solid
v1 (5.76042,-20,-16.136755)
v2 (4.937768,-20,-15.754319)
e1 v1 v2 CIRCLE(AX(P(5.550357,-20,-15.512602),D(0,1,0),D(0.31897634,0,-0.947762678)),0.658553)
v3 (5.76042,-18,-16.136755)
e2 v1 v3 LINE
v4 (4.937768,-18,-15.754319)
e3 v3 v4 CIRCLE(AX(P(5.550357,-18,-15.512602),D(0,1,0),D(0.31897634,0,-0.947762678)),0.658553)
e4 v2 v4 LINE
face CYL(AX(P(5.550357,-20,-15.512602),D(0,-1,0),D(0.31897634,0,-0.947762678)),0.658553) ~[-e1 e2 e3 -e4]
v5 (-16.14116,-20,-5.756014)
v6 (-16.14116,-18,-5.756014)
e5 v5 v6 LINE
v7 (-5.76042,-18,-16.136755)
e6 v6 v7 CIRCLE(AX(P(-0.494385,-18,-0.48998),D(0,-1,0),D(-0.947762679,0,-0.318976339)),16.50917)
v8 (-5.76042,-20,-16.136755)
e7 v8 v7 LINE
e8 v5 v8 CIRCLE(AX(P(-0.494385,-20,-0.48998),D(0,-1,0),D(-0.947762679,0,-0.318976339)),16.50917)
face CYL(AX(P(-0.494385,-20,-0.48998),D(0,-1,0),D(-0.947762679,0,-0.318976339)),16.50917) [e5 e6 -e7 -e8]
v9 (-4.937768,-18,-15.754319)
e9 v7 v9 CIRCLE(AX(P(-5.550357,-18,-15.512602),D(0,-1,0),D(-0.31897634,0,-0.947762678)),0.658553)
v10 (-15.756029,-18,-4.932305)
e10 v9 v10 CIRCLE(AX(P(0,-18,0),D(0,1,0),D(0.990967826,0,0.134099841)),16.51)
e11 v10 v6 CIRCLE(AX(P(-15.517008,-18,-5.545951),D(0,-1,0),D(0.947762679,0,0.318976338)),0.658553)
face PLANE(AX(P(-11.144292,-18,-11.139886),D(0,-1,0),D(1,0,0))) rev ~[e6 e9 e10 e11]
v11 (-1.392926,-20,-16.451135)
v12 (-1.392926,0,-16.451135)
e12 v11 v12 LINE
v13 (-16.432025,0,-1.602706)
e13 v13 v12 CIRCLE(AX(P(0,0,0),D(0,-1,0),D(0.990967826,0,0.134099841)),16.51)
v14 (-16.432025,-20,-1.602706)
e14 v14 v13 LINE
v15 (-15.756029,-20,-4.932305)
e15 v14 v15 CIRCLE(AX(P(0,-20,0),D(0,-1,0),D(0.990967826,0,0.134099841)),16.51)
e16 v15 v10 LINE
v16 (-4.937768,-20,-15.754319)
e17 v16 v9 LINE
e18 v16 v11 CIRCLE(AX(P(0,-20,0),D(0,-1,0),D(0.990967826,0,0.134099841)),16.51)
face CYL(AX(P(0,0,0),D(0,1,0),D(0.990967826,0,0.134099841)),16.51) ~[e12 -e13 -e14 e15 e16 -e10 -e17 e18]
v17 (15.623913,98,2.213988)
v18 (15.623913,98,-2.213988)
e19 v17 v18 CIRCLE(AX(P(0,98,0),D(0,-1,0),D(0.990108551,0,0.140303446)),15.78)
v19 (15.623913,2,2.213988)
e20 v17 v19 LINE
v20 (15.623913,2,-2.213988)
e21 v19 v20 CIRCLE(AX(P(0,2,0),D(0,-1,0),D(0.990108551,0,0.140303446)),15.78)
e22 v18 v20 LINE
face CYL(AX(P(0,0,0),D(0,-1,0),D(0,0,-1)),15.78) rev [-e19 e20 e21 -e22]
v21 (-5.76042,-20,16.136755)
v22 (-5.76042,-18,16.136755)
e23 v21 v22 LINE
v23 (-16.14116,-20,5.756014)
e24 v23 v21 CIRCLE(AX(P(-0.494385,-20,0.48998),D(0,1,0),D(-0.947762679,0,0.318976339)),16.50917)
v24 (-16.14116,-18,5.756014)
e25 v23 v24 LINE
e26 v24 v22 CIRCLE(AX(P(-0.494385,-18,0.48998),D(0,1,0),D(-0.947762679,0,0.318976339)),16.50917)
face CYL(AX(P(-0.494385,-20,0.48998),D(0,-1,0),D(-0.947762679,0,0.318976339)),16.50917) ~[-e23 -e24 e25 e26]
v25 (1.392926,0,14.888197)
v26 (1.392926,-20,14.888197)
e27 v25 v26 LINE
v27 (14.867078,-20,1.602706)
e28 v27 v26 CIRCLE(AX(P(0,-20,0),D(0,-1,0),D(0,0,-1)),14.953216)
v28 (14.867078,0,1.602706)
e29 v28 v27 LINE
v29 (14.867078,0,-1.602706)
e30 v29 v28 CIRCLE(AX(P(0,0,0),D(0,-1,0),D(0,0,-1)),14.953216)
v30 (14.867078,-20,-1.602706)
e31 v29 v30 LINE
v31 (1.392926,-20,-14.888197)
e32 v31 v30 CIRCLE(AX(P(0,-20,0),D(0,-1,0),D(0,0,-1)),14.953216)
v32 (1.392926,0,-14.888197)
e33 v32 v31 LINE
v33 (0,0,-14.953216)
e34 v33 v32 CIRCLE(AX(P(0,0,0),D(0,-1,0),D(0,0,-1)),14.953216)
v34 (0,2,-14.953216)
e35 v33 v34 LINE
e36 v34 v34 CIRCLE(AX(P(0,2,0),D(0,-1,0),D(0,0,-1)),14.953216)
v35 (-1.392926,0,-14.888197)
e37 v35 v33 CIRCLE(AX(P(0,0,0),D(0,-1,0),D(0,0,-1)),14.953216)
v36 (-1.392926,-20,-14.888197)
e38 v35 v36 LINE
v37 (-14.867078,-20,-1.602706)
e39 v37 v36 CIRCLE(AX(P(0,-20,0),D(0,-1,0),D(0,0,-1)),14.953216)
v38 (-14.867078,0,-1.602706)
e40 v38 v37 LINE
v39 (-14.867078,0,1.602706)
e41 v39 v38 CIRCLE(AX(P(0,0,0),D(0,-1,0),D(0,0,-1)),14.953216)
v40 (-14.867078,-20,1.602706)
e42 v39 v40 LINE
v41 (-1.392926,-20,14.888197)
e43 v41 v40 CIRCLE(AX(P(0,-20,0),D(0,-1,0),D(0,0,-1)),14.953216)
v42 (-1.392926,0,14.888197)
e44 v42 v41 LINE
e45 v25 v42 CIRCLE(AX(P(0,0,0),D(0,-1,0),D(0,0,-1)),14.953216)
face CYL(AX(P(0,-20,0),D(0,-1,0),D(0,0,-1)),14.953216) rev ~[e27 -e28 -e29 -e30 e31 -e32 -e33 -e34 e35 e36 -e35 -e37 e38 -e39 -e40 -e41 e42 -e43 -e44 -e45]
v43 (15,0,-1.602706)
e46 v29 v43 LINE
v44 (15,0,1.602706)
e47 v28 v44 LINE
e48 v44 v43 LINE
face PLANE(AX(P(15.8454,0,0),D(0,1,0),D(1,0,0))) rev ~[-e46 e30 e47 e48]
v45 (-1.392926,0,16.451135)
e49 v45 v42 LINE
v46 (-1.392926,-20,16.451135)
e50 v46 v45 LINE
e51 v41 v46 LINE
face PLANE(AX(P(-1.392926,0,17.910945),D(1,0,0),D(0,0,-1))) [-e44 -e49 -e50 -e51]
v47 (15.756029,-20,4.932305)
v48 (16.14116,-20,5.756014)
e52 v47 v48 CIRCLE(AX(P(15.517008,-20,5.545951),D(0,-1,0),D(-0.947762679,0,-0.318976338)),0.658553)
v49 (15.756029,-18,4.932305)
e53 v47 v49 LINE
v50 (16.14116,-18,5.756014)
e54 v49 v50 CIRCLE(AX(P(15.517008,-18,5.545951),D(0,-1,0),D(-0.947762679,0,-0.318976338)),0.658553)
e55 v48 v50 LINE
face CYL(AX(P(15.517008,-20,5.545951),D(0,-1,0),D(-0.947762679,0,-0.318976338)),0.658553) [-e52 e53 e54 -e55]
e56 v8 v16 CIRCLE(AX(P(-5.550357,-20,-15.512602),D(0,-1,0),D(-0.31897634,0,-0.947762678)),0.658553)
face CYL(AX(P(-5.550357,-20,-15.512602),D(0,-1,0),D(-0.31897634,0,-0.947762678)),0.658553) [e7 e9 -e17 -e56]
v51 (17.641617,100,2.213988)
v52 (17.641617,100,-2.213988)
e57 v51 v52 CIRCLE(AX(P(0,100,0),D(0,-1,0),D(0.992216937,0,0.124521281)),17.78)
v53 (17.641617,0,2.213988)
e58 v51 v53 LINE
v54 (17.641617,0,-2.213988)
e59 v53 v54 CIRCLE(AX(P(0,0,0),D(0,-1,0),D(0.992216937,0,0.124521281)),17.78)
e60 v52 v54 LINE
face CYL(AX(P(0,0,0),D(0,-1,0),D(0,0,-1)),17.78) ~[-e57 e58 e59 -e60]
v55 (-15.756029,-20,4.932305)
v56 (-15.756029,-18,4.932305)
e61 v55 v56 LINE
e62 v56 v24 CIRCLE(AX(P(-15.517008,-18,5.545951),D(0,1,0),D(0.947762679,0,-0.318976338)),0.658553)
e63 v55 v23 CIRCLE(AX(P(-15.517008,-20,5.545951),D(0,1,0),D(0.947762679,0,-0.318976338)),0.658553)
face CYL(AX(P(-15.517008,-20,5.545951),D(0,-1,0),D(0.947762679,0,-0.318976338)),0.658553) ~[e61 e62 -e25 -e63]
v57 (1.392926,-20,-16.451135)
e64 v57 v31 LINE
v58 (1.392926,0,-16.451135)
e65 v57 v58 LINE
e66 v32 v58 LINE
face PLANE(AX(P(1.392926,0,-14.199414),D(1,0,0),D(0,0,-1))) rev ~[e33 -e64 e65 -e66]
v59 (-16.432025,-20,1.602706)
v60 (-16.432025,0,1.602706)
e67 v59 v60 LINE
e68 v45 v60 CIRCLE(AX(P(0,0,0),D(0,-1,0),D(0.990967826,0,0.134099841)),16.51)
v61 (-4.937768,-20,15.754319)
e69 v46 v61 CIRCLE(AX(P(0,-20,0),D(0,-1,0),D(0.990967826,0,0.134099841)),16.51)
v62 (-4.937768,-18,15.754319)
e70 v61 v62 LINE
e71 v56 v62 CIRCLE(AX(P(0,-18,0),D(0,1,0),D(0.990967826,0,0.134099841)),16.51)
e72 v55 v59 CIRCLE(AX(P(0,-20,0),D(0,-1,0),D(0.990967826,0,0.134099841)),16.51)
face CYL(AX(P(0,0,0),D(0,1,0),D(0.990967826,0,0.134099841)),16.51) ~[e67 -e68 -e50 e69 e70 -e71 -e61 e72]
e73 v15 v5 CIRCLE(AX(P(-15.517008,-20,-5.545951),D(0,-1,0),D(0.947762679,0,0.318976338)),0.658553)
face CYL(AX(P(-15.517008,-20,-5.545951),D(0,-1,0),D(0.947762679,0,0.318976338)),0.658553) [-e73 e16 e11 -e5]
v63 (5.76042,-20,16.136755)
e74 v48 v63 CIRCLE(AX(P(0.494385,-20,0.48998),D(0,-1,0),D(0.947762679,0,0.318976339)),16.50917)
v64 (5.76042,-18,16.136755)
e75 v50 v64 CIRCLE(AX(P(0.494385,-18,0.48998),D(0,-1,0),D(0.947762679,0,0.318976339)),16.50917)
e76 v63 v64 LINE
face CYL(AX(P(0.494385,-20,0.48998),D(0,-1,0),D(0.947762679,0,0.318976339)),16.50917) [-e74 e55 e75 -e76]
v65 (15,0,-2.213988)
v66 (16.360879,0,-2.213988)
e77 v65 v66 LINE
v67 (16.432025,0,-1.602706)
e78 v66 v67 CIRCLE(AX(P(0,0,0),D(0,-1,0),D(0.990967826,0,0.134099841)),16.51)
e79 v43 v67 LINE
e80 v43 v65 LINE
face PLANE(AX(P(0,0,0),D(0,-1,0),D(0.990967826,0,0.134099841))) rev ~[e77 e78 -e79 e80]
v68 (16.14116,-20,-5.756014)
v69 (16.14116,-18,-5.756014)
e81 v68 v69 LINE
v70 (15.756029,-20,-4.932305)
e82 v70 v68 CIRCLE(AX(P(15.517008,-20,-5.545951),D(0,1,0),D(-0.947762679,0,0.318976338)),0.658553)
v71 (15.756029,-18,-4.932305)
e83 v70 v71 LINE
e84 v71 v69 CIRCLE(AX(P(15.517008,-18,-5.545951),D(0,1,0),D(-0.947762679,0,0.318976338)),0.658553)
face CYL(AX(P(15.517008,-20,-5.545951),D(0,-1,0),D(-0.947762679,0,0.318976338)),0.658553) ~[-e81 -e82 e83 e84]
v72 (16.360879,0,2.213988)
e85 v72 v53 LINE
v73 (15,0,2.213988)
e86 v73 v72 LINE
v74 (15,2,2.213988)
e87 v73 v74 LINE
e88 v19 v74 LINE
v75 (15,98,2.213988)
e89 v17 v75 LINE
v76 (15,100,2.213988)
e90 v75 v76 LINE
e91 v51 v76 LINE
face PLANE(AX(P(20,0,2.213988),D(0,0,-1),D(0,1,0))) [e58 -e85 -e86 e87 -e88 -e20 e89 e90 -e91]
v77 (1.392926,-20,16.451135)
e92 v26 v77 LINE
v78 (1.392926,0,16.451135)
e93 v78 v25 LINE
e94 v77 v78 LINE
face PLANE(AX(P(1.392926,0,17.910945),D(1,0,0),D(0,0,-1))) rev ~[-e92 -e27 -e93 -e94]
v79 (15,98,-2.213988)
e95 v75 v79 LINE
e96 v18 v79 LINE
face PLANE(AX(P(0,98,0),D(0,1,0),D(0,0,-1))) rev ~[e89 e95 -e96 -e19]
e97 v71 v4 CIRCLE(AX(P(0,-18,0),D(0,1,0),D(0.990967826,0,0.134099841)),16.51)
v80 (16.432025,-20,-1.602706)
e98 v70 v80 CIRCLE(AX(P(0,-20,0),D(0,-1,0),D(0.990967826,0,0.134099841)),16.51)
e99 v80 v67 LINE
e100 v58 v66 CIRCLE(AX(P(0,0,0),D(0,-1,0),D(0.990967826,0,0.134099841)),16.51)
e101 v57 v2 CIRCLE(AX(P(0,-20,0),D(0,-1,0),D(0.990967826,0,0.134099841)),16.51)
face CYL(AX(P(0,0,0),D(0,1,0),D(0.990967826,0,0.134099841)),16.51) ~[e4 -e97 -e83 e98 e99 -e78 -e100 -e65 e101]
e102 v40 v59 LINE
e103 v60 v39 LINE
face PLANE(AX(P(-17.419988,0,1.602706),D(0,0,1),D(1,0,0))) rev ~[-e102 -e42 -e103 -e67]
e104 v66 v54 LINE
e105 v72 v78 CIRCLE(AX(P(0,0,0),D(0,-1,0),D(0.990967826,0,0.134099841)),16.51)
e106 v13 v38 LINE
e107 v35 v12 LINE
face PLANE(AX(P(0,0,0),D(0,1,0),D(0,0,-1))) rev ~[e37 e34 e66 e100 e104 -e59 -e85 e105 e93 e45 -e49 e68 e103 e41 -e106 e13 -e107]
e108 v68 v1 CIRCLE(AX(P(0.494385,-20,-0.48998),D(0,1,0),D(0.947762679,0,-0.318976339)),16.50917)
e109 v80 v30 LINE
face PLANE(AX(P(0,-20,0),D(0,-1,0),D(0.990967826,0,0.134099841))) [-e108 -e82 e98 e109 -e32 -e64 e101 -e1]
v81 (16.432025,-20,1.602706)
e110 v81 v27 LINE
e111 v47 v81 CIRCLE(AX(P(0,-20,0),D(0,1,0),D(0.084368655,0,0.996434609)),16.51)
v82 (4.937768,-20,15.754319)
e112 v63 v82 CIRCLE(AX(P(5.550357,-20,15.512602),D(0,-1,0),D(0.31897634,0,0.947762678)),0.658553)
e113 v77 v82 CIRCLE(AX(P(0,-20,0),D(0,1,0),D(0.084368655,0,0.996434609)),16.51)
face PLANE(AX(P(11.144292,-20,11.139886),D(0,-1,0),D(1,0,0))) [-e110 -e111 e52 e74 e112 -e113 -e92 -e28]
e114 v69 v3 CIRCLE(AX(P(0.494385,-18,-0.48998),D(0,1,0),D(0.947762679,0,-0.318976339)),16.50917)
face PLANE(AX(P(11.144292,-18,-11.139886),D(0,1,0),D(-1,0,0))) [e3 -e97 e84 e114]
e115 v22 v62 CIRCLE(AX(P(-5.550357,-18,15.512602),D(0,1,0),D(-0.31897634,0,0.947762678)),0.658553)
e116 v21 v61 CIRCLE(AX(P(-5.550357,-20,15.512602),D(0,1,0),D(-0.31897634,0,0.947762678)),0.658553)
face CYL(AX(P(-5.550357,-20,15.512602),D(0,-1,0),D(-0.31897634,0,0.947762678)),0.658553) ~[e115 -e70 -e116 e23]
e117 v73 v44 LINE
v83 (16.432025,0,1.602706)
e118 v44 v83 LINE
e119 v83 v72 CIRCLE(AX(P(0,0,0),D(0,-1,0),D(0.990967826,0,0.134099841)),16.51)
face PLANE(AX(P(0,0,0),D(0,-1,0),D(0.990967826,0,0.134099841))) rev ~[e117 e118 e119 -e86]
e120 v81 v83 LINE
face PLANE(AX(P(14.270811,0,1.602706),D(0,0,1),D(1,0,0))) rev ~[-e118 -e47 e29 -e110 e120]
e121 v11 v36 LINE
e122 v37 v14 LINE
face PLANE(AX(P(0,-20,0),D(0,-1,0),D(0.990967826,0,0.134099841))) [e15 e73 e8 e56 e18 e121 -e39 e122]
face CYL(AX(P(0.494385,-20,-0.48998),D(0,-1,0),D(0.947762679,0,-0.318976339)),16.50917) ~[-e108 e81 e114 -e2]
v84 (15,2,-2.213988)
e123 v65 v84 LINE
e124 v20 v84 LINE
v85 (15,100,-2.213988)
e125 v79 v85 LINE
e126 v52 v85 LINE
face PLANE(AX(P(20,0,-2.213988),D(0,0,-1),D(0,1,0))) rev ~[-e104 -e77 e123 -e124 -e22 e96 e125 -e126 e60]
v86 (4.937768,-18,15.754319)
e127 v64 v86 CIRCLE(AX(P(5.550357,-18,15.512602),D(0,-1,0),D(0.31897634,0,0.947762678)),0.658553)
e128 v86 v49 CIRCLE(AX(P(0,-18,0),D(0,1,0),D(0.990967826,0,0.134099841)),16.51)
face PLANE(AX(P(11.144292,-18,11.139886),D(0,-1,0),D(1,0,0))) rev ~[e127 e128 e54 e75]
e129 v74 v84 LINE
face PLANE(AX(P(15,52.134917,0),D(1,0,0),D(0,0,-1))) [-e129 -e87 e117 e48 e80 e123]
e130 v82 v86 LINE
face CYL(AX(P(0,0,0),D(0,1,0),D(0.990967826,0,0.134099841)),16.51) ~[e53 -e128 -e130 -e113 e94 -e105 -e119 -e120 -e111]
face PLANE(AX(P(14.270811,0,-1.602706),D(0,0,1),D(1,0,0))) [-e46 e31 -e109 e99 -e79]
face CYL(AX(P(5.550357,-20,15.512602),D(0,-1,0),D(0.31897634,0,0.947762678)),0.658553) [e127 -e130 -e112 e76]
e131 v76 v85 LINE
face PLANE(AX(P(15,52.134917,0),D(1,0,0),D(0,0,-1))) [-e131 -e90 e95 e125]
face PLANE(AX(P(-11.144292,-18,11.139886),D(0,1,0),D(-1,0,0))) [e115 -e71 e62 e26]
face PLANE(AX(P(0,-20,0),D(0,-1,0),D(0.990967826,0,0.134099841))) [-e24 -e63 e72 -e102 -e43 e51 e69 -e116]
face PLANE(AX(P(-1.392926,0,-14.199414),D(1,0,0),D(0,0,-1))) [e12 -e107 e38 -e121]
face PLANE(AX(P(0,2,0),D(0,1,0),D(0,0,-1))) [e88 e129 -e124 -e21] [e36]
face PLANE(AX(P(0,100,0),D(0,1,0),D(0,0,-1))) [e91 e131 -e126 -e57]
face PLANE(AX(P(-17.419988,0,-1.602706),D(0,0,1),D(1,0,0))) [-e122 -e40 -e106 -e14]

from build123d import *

# Parameters (mm, degrees)
SKETCH1_R           = 17.78
BOSS_EXTRUDE1_DEPTH = 100
SHELL1_T            = 2
CUT_EXTRUDE1_START  = 20
SKETCH2_W           = 4.427976762
SKETCH2_H           = 104.269834735
CUT_EXTRUDE1_DEPTH  = 5
SKETCH4_R           = 16.51
BOSS_EXTRUDE2_DEPTH = 20
SKETCH7_R           = 14.953216008
CUT_EXTRUDE4_DEPTH  = 32
SKETCH8_W           = 2.785852998
SKETCH8_H           = 3.149177074
SKETCH8_W_2         = 3.149177073
SKETCH8_H_2         = 3.205412378
SKETCH8_H_3         = 3.711530123
CUT_EXTRUDE5_DEPTH  = 104.112835283
BOSS_EXTRUDE4_DEPTH = 2


with BuildPart() as part:
    # Sketch1 → Boss-Extrude1 (new body)
    with BuildSketch(Plane(origin=(0, 0, 0), x_dir=(1, 0, 0), z_dir=(0, 1, 0))):
        with Locations(Location((0, 0, 0), (0, 0, 90))):
            Circle(SKETCH1_R)
    extrude(amount=BOSS_EXTRUDE1_DEPTH)

    # Shell1 (no face opened: a closed hollow body)
    add(offset(amount=-SHELL1_T, mode=Mode.PRIVATE), mode=Mode.SUBTRACT)

    # Sketch2 → Cut-Extrude1 (cut, symmetric)
    with BuildSketch(Plane(origin=(0, 0, 0), x_dir=(0, 0, -1), z_dir=(1, 0, 0)).offset(CUT_EXTRUDE1_START)):
        with Locations((0, 52.134917368)):
            Rectangle(SKETCH2_W, SKETCH2_H)
    extrude(amount=CUT_EXTRUDE1_DEPTH, both=True, mode=Mode.SUBTRACT)

    # Sketch4 → Boss-Extrude2 (add)
    with BuildSketch(Plane.XZ):
        with Locations(Location((0, 0, 0), (0, 0, 7.706571309))):
            Circle(SKETCH4_R)
    extrude(amount=BOSS_EXTRUDE2_DEPTH)

    # Sketch7 → Cut-Extrude4 (cut)
    with BuildSketch(Plane(origin=(0, -20, 0), x_dir=(-1, 0, 0), z_dir=(0, -1, 0))):
        with Locations(Location((0, 0, 0), (0, 0, 90))):
            Circle(SKETCH7_R)
    extrude(amount=-CUT_EXTRUDE4_DEPTH, mode=Mode.SUBTRACT)

    # Sketch8 → Cut-Extrude5 (cut, through all)
    with BuildSketch(Plane(origin=(0, 0, 0), x_dir=(1, 0, 0), z_dir=(0, 1, 0))):
        with Locations((0, 15.774003019)):
            Rectangle(SKETCH8_W, SKETCH8_H)
        with Locations((15.845399854, 0)):
            Rectangle(SKETCH8_W_2, SKETCH8_H_2)
        with Locations((0, -16.055179544)):
            Rectangle(SKETCH8_W, SKETCH8_H_3)
        with Locations((-15.845399854, 0)):
            Rectangle(SKETCH8_W_2, SKETCH8_H_2)
    extrude(amount=-CUT_EXTRUDE5_DEPTH, mode=Mode.SUBTRACT)

    # Sketch9 → Boss-Extrude4 (add)
    with BuildSketch(Plane.XZ.offset(20)):
        with BuildLine():
            ThreePointArc((16.14116018, 5.756014083), (12.168131115, 12.163725441), (5.760419757, 16.136754506))
            ThreePointArc((5.760419757, 16.136754506), (4.92620467, 15.722665224), (5.340293953, 14.888450137))
            ThreePointArc((5.340293953, 14.888450137), (11.236796189, 11.232390515), (14.892855811, 5.335888279))
            ThreePointArc((14.892855811, 5.335888279), (15.727070898, 4.921798996), (16.14116018, 5.756014083))
        make_face()
        with BuildLine():
            ThreePointArc((16.14116018, -5.756014083), (12.168131115, -12.163725441), (5.760419757, -16.136754506))
            ThreePointArc((5.760419757, -16.136754506), (4.92620467, -15.722665224), (5.340293953, -14.888450137))
            ThreePointArc((5.340293953, -14.888450137), (11.236796189, -11.232390515), (14.892855811, -5.335888279))
            ThreePointArc((14.892855811, -5.335888279), (15.727070898, -4.921798996), (16.14116018, -5.756014083))
        make_face()
        with BuildLine():
            ThreePointArc((-16.14116018, -5.756014083), (-12.168131115, -12.163725441), (-5.760419757, -16.136754506))
            ThreePointArc((-5.760419757, -16.136754506), (-4.92620467, -15.722665224), (-5.340293953, -14.888450137))
            ThreePointArc((-5.340293953, -14.888450137), (-11.236796189, -11.232390515), (-14.892855811, -5.335888279))
            ThreePointArc((-14.892855811, -5.335888279), (-15.727070898, -4.921798996), (-16.14116018, -5.756014083))
        make_face()
        with BuildLine():
            ThreePointArc((-16.14116018, 5.756014083), (-12.168131115, 12.163725441), (-5.760419757, 16.136754506))
            ThreePointArc((-5.760419757, 16.136754506), (-4.92620467, 15.722665224), (-5.340293953, 14.888450137))
            ThreePointArc((-5.340293953, 14.888450137), (-11.236796189, 11.232390515), (-14.892855811, 5.335888279))
            ThreePointArc((-14.892855811, 5.335888279), (-15.727070898, 4.921798996), (-16.14116018, 5.756014083))
        make_face()
    extrude(amount=-BOSS_EXTRUDE4_DEPTH)


solid = part.part
